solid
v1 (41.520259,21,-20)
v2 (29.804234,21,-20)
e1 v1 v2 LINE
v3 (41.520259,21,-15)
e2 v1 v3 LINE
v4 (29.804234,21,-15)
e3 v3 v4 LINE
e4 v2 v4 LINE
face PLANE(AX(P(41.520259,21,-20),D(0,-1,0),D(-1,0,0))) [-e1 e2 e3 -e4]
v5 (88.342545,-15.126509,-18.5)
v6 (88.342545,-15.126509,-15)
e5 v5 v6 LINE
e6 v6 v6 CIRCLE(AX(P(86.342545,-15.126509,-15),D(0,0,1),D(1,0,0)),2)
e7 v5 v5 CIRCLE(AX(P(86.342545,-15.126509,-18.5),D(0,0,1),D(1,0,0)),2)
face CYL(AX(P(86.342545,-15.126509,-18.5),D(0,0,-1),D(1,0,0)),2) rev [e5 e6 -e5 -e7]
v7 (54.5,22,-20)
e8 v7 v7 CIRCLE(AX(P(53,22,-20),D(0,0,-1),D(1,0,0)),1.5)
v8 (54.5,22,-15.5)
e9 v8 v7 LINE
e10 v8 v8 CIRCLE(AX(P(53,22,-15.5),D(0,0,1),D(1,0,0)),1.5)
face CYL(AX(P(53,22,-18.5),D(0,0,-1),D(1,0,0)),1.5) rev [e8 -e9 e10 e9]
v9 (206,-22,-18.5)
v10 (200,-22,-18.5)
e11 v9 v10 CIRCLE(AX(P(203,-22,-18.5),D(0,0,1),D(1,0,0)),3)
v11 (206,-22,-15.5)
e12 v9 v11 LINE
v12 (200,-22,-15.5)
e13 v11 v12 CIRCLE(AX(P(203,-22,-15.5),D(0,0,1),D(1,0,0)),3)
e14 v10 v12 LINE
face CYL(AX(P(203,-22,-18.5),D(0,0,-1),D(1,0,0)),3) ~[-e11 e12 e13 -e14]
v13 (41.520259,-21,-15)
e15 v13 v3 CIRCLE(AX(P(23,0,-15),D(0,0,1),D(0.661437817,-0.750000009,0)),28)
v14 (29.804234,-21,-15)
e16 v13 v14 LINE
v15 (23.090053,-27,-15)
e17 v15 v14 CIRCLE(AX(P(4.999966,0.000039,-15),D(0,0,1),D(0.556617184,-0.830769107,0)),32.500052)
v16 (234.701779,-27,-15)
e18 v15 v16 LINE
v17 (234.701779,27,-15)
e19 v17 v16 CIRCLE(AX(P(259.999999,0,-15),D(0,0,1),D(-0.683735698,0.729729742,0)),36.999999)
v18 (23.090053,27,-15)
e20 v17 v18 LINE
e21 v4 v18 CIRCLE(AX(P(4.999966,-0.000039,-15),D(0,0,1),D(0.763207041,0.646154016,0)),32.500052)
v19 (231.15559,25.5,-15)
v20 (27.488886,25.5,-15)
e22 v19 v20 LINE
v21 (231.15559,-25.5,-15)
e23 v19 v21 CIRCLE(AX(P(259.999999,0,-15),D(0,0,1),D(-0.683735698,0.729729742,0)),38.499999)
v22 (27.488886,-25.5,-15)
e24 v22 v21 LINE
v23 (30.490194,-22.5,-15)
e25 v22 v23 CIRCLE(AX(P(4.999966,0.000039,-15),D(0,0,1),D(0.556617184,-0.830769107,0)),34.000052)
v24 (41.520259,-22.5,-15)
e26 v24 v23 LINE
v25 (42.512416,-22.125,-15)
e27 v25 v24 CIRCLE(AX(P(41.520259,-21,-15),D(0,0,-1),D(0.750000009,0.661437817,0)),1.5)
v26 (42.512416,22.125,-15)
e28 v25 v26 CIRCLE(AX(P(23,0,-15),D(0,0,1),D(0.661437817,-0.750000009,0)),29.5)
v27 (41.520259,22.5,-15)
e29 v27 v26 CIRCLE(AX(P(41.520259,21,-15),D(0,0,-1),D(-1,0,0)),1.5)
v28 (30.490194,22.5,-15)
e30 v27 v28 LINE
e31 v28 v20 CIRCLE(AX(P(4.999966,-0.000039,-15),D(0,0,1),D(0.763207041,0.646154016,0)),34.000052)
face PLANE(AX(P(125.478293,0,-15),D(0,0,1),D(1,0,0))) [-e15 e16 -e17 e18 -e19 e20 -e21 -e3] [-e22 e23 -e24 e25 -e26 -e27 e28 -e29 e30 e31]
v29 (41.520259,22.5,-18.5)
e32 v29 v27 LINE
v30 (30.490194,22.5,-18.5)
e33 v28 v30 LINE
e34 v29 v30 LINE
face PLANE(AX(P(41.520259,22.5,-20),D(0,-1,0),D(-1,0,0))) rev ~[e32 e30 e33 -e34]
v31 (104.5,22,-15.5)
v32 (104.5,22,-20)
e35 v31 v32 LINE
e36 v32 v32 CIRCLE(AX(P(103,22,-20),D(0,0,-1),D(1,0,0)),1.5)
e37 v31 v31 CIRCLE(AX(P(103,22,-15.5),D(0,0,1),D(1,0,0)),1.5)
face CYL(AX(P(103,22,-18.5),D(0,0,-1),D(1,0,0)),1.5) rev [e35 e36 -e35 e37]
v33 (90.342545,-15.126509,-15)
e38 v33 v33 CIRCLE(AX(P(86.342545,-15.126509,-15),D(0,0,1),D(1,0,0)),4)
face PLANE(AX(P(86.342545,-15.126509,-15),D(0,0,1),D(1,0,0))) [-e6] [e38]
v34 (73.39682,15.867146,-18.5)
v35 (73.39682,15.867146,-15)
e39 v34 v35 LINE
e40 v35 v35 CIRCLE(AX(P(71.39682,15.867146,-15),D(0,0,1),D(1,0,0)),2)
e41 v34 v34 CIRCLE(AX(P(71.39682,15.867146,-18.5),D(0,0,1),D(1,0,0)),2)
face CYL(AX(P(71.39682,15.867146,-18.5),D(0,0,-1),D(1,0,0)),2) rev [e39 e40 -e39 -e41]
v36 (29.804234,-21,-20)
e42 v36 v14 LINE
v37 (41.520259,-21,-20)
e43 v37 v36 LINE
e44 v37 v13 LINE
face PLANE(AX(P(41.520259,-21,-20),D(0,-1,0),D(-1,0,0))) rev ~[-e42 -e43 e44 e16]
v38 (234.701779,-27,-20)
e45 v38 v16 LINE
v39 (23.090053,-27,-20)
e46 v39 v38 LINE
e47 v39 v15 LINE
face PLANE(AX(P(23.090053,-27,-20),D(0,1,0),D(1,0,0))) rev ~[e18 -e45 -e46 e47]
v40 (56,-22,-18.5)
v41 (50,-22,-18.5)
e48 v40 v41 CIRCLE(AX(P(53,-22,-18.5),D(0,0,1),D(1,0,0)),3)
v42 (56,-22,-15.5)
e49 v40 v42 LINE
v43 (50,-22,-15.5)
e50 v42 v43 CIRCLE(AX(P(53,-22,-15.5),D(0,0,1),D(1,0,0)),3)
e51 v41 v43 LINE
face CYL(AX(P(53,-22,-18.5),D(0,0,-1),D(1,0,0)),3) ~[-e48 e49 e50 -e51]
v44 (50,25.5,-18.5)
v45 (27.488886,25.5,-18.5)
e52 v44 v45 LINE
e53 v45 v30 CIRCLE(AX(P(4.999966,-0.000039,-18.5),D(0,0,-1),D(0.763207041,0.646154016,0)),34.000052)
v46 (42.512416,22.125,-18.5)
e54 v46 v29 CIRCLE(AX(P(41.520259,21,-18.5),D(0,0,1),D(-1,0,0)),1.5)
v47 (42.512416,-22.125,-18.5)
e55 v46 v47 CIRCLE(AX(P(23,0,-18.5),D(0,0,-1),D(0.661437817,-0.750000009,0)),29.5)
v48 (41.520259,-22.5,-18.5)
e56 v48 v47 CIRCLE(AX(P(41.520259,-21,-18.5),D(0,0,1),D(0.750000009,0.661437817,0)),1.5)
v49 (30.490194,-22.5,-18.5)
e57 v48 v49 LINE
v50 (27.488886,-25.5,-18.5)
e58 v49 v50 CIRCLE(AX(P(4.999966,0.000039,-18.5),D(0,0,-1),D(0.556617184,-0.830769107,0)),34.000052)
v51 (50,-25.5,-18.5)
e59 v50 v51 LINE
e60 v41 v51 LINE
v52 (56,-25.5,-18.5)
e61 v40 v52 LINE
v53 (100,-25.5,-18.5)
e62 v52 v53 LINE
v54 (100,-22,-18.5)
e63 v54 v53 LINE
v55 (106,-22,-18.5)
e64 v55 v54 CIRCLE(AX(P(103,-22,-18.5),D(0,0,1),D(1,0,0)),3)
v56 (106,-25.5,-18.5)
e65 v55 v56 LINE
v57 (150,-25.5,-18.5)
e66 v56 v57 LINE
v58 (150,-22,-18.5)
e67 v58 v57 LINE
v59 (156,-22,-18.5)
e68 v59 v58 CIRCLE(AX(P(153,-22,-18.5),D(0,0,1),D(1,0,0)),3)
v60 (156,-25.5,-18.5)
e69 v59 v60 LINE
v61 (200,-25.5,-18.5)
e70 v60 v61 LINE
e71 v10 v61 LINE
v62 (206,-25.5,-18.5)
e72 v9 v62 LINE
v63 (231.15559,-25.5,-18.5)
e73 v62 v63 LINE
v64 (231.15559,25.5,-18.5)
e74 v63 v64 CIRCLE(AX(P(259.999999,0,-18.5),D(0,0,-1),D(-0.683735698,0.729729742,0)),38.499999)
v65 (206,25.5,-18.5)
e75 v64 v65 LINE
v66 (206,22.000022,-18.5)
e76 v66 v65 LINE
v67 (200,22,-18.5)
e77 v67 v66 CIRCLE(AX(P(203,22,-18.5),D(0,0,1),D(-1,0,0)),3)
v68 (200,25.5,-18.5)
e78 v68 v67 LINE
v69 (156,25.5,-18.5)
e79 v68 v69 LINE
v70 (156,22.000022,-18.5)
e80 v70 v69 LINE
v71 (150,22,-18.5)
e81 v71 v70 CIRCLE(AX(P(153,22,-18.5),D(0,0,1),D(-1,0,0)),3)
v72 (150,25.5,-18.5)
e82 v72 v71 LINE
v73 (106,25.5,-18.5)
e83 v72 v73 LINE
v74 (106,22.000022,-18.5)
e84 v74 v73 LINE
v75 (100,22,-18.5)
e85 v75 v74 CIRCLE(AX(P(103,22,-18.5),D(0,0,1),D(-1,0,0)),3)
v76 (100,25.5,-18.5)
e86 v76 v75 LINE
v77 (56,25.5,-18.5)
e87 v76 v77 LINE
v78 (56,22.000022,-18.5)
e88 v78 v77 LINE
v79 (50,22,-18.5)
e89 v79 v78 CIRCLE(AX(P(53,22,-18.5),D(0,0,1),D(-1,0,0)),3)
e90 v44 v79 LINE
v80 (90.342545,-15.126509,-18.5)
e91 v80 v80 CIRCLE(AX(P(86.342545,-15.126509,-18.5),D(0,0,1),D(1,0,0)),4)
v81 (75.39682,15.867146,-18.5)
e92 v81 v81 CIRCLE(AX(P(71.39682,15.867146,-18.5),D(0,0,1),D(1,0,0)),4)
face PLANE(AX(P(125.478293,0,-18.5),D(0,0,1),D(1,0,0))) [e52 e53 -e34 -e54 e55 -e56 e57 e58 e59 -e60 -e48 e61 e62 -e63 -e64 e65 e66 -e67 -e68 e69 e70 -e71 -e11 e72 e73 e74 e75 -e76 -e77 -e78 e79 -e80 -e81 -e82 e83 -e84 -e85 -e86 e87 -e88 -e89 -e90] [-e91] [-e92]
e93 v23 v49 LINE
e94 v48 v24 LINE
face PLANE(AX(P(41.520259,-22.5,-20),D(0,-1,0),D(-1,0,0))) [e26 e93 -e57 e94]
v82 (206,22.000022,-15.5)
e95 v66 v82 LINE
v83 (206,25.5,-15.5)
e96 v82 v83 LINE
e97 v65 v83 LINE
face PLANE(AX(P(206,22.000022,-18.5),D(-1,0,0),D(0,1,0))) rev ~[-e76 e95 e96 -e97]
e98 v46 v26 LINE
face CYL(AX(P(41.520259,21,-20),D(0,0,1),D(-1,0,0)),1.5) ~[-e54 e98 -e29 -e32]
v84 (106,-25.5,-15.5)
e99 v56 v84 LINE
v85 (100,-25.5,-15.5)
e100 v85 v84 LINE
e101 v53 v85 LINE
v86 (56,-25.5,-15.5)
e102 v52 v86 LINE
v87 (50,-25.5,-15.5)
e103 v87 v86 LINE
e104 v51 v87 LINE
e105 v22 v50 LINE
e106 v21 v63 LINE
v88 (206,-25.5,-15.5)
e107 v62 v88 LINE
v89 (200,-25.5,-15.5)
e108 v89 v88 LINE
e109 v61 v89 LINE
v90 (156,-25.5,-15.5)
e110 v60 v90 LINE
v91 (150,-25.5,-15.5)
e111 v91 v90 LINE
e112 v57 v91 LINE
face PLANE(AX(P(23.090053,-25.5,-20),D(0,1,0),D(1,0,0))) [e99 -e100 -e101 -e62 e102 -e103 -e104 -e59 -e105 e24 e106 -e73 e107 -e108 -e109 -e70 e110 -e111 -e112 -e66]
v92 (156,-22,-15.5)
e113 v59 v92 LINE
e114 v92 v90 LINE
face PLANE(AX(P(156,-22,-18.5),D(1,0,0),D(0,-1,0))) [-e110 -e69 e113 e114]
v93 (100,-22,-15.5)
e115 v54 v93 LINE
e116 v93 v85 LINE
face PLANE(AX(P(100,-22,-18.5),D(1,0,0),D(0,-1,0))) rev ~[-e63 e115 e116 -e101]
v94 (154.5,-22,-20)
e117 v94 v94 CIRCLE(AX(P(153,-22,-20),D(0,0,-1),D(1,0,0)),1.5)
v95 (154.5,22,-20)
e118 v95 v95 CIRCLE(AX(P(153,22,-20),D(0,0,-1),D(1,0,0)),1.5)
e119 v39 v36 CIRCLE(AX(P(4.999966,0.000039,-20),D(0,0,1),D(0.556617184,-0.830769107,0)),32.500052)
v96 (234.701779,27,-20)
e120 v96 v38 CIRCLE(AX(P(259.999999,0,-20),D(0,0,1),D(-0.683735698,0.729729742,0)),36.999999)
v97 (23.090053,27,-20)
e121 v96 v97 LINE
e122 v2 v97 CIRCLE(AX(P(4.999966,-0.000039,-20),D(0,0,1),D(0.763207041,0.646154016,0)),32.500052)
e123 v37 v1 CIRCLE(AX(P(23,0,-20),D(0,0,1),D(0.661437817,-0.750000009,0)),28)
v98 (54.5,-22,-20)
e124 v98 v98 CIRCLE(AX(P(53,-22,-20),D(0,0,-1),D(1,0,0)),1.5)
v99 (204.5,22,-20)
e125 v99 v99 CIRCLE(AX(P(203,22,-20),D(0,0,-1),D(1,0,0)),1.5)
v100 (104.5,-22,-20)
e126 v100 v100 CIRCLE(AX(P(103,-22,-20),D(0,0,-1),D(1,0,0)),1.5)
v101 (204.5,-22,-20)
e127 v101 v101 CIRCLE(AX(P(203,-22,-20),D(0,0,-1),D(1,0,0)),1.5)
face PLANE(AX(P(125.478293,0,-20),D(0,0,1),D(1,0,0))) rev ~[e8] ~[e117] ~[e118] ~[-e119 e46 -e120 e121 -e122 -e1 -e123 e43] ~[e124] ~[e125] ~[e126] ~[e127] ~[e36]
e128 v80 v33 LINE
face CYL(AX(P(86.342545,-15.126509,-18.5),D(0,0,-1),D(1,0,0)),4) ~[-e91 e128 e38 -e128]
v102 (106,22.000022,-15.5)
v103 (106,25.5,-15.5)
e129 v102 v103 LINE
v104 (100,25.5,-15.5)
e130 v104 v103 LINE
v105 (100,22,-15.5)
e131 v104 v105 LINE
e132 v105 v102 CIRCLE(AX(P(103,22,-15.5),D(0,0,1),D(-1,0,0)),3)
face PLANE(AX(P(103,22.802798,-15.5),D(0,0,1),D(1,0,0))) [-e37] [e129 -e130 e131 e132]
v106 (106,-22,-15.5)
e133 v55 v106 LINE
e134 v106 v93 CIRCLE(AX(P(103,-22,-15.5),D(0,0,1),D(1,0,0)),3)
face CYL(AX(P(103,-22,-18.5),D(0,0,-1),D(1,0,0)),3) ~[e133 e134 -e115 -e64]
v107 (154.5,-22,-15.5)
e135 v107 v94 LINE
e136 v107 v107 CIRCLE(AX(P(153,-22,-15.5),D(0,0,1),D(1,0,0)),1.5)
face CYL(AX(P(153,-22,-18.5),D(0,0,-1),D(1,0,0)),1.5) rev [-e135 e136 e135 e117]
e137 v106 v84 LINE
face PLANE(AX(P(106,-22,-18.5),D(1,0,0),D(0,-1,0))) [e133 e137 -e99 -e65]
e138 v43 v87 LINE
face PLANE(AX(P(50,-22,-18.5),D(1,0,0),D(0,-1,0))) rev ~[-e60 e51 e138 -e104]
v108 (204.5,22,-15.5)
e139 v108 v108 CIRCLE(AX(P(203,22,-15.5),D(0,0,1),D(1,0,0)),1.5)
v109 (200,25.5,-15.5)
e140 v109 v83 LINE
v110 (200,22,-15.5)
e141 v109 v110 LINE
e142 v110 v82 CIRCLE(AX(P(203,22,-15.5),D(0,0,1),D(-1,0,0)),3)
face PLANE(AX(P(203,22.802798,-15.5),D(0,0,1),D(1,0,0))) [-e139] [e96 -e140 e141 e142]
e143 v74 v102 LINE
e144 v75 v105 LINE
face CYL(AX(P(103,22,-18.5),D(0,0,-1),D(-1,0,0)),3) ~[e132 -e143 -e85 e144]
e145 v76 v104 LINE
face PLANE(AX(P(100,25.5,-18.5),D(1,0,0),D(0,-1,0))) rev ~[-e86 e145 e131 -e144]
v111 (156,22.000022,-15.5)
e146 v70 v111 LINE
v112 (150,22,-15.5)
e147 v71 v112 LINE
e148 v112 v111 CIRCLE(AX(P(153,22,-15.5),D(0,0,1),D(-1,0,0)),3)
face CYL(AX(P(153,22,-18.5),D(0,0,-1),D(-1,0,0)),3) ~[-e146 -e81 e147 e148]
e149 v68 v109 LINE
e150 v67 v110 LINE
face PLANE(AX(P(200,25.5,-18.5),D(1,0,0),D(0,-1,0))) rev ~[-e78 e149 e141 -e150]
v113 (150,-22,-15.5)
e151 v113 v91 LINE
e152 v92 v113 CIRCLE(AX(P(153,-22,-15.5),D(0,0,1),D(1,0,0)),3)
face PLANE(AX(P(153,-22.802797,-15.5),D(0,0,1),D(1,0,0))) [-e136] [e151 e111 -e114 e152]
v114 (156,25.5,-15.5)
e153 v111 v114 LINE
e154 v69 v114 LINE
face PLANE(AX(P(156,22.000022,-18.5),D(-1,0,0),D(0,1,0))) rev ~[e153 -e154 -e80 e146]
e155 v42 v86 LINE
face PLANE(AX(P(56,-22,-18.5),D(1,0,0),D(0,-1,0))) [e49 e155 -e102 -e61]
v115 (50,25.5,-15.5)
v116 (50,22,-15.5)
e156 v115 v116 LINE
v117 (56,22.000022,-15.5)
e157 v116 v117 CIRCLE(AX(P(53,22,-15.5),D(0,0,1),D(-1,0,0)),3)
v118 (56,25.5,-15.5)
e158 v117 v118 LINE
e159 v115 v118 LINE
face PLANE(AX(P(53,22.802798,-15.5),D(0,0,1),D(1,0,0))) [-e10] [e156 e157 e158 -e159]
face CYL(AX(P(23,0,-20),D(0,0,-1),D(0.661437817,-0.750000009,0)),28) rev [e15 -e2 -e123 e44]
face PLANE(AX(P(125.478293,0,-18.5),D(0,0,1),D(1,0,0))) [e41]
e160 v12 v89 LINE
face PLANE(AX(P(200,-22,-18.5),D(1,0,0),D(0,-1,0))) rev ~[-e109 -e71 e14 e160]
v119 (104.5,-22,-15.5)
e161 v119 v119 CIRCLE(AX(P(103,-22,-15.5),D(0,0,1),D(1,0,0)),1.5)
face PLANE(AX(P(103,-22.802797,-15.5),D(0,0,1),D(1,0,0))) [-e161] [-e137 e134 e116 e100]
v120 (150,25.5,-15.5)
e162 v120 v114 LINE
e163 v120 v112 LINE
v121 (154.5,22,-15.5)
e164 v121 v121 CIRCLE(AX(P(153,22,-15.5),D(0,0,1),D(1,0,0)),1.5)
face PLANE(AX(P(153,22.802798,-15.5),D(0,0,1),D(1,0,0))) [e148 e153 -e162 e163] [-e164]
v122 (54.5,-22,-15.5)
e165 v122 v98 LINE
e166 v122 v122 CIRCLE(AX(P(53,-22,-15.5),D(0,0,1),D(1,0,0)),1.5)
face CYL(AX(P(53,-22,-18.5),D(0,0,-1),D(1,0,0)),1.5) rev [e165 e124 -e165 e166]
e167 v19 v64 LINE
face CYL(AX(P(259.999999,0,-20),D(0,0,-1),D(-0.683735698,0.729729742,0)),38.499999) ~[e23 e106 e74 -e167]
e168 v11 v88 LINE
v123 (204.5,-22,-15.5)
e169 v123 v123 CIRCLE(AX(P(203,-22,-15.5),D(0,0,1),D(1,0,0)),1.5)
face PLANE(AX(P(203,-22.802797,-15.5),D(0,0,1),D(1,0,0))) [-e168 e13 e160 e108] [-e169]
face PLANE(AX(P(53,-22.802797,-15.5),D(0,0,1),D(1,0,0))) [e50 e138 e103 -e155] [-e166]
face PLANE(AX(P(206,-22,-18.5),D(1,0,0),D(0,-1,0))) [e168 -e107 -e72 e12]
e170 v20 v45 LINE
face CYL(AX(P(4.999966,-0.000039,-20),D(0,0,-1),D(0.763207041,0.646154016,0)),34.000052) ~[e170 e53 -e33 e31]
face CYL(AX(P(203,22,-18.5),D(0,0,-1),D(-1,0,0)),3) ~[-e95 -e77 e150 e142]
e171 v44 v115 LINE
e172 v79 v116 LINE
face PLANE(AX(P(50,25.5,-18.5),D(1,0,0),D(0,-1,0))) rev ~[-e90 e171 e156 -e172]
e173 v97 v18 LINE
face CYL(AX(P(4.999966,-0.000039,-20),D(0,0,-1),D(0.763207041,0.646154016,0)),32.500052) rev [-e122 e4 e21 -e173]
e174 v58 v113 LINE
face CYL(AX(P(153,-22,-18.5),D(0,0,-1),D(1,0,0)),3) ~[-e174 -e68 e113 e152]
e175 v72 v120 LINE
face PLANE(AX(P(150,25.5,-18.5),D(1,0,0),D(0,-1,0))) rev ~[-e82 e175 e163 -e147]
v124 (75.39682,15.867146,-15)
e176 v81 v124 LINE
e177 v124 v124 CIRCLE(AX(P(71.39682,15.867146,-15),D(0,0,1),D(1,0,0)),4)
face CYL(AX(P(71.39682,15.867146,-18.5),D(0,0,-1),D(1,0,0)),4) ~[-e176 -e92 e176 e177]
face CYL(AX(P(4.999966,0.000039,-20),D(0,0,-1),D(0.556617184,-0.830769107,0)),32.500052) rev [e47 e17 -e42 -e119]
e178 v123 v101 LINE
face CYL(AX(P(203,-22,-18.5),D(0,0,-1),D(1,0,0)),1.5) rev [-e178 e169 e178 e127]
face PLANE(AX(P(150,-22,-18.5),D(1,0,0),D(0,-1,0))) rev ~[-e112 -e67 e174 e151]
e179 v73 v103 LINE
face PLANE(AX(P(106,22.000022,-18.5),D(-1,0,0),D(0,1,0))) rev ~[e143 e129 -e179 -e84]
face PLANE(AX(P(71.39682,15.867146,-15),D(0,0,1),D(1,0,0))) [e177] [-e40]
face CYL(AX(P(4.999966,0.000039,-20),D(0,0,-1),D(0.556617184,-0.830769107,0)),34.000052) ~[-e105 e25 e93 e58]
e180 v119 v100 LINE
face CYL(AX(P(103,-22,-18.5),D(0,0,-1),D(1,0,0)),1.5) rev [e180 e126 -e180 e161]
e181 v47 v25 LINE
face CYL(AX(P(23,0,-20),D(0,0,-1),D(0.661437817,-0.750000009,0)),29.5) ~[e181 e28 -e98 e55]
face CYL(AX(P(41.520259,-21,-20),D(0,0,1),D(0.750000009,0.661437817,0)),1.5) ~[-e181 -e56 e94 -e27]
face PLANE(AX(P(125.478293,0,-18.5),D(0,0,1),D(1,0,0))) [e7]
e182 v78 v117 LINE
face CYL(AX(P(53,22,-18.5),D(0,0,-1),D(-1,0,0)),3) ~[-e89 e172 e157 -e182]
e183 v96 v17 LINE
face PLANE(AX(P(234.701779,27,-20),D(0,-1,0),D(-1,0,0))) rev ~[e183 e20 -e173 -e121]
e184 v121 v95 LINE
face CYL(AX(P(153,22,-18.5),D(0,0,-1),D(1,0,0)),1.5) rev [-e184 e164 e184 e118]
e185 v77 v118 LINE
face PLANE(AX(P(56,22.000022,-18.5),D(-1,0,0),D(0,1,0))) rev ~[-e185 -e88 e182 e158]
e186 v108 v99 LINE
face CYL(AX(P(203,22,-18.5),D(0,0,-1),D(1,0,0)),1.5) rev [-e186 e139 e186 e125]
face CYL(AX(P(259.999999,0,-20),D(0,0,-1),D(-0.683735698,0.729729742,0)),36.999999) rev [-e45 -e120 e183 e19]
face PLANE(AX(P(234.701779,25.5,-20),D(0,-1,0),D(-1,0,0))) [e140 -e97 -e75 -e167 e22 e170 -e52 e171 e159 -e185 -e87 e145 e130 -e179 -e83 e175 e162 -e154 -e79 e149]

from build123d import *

# Parameters (mm, degrees)
PAD039_DEPTH           = 5
THICKNESS001_T         = -1.5
SKETCH099_R            = 1.5
POCKET045_DEPTH        = 5
SKETCH100_R            = 1.5
PAD040_DEPTH           = 3
LINEARPATTERN001_COUNT = 4
LINEARPATTERN001_PITCH = 50
SKETCH102_R            = 4
SKETCH102_R_2          = 2
PAD041_DEPTH           = 3.5


with BuildPart() as part:
    # Sketch098 → Pad039 (new body)
    with BuildSketch(Plane.XY):
        with BuildLine():
            Line((18.090053, -27), (229.701779, -27))
            ThreePointArc((229.701779, 27), (218, 0), (229.701779, -27))
            Line((229.701779, 27), (18.090053, 27))
            ThreePointArc((24.804234, 21), (21.655945, 24.233655), (18.090053, 27))
            Line((36.520259, 21), (24.804234, 21))
            ThreePointArc((36.520259, -21), (46, 0), (36.520259, 21))
            Line((36.520259, -21), (24.804234, -21))
            ThreePointArc((18.090053, -27), (21.655945, -24.233655), (24.804234, -21))
        make_face()
    extrude(amount=PAD039_DEPTH)

    # Thickness001
    thickness001_openings = [part.faces().sort_by_distance(p)[0] for p in [
        (129.781402, 0, 5),
    ]]
    offset(amount=THICKNESS001_T, openings=thickness001_openings)

    # Sketch099 (on Face9 of Pad039) → Pocket045 (cut)
    with BuildSketch(Plane(origin=(0, 0, 0), x_dir=(1, 0, 0), z_dir=(0, 0, -1))):
        with Locations((48, 22)):
            Circle(SKETCH099_R)
        with Locations((48, -22)):
            Circle(SKETCH099_R)
    pocket045 = extrude(amount=-POCKET045_DEPTH, mode=Mode.SUBTRACT)

    # Sketch100 (on Face23 of Pocket045) → Pad040 (join)
    with BuildSketch(Plane.XY.offset(1.5)):
        with BuildLine():
            ThreePointArc((45, 22), (48.000011, 19), (51, 22.000022))
            Line((51, 22.000022), (51, 25.5))
            Line((45, 25.5), (51, 25.5))
            Line((45, 25.5), (45, 22))
        make_face()
        with Locations((48, 22)):
            Circle(SKETCH100_R, mode=Mode.SUBTRACT)
        with BuildLine():
            ThreePointArc((51, -22), (48, -19), (45, -22))
            Line((45, -22), (45, -25.5))
            Line((45, -25.5), (51, -25.5))
            Line((51, -22), (51, -25.5))
        make_face()
        with Locations((48, -22)):
            Circle(SKETCH100_R, mode=Mode.SUBTRACT)
    pad040 = extrude(amount=PAD040_DEPTH)

    # LinearPattern001: Pocket045, Pad040 ×4
    with Locations(*[(i * LINEARPATTERN001_PITCH, 0, 0) for i in range(1, LINEARPATTERN001_COUNT)]):
        add(pocket045, mode=Mode.SUBTRACT)
        add(pad040)

    # Sketch102 (on Face25 of LinearPattern001) → Pad041 (join)
    with BuildSketch(Plane.XY.offset(1.5)):
        with Locations((66.39682, 15.867146)):
            Circle(SKETCH102_R)
        with Locations((66.39682, 15.867146)):
            Circle(SKETCH102_R_2, mode=Mode.SUBTRACT)
        with Locations((81.342545, -15.126509)):
            Circle(SKETCH102_R)
        with Locations((81.342545, -15.126509)):
            Circle(SKETCH102_R_2, mode=Mode.SUBTRACT)
    extrude(amount=PAD041_DEPTH)


with BuildPart() as part_1:
    # Body011 placement: moved
    add(part.part.moved(Location((5, 0, -20))))


solid = part_1.part
